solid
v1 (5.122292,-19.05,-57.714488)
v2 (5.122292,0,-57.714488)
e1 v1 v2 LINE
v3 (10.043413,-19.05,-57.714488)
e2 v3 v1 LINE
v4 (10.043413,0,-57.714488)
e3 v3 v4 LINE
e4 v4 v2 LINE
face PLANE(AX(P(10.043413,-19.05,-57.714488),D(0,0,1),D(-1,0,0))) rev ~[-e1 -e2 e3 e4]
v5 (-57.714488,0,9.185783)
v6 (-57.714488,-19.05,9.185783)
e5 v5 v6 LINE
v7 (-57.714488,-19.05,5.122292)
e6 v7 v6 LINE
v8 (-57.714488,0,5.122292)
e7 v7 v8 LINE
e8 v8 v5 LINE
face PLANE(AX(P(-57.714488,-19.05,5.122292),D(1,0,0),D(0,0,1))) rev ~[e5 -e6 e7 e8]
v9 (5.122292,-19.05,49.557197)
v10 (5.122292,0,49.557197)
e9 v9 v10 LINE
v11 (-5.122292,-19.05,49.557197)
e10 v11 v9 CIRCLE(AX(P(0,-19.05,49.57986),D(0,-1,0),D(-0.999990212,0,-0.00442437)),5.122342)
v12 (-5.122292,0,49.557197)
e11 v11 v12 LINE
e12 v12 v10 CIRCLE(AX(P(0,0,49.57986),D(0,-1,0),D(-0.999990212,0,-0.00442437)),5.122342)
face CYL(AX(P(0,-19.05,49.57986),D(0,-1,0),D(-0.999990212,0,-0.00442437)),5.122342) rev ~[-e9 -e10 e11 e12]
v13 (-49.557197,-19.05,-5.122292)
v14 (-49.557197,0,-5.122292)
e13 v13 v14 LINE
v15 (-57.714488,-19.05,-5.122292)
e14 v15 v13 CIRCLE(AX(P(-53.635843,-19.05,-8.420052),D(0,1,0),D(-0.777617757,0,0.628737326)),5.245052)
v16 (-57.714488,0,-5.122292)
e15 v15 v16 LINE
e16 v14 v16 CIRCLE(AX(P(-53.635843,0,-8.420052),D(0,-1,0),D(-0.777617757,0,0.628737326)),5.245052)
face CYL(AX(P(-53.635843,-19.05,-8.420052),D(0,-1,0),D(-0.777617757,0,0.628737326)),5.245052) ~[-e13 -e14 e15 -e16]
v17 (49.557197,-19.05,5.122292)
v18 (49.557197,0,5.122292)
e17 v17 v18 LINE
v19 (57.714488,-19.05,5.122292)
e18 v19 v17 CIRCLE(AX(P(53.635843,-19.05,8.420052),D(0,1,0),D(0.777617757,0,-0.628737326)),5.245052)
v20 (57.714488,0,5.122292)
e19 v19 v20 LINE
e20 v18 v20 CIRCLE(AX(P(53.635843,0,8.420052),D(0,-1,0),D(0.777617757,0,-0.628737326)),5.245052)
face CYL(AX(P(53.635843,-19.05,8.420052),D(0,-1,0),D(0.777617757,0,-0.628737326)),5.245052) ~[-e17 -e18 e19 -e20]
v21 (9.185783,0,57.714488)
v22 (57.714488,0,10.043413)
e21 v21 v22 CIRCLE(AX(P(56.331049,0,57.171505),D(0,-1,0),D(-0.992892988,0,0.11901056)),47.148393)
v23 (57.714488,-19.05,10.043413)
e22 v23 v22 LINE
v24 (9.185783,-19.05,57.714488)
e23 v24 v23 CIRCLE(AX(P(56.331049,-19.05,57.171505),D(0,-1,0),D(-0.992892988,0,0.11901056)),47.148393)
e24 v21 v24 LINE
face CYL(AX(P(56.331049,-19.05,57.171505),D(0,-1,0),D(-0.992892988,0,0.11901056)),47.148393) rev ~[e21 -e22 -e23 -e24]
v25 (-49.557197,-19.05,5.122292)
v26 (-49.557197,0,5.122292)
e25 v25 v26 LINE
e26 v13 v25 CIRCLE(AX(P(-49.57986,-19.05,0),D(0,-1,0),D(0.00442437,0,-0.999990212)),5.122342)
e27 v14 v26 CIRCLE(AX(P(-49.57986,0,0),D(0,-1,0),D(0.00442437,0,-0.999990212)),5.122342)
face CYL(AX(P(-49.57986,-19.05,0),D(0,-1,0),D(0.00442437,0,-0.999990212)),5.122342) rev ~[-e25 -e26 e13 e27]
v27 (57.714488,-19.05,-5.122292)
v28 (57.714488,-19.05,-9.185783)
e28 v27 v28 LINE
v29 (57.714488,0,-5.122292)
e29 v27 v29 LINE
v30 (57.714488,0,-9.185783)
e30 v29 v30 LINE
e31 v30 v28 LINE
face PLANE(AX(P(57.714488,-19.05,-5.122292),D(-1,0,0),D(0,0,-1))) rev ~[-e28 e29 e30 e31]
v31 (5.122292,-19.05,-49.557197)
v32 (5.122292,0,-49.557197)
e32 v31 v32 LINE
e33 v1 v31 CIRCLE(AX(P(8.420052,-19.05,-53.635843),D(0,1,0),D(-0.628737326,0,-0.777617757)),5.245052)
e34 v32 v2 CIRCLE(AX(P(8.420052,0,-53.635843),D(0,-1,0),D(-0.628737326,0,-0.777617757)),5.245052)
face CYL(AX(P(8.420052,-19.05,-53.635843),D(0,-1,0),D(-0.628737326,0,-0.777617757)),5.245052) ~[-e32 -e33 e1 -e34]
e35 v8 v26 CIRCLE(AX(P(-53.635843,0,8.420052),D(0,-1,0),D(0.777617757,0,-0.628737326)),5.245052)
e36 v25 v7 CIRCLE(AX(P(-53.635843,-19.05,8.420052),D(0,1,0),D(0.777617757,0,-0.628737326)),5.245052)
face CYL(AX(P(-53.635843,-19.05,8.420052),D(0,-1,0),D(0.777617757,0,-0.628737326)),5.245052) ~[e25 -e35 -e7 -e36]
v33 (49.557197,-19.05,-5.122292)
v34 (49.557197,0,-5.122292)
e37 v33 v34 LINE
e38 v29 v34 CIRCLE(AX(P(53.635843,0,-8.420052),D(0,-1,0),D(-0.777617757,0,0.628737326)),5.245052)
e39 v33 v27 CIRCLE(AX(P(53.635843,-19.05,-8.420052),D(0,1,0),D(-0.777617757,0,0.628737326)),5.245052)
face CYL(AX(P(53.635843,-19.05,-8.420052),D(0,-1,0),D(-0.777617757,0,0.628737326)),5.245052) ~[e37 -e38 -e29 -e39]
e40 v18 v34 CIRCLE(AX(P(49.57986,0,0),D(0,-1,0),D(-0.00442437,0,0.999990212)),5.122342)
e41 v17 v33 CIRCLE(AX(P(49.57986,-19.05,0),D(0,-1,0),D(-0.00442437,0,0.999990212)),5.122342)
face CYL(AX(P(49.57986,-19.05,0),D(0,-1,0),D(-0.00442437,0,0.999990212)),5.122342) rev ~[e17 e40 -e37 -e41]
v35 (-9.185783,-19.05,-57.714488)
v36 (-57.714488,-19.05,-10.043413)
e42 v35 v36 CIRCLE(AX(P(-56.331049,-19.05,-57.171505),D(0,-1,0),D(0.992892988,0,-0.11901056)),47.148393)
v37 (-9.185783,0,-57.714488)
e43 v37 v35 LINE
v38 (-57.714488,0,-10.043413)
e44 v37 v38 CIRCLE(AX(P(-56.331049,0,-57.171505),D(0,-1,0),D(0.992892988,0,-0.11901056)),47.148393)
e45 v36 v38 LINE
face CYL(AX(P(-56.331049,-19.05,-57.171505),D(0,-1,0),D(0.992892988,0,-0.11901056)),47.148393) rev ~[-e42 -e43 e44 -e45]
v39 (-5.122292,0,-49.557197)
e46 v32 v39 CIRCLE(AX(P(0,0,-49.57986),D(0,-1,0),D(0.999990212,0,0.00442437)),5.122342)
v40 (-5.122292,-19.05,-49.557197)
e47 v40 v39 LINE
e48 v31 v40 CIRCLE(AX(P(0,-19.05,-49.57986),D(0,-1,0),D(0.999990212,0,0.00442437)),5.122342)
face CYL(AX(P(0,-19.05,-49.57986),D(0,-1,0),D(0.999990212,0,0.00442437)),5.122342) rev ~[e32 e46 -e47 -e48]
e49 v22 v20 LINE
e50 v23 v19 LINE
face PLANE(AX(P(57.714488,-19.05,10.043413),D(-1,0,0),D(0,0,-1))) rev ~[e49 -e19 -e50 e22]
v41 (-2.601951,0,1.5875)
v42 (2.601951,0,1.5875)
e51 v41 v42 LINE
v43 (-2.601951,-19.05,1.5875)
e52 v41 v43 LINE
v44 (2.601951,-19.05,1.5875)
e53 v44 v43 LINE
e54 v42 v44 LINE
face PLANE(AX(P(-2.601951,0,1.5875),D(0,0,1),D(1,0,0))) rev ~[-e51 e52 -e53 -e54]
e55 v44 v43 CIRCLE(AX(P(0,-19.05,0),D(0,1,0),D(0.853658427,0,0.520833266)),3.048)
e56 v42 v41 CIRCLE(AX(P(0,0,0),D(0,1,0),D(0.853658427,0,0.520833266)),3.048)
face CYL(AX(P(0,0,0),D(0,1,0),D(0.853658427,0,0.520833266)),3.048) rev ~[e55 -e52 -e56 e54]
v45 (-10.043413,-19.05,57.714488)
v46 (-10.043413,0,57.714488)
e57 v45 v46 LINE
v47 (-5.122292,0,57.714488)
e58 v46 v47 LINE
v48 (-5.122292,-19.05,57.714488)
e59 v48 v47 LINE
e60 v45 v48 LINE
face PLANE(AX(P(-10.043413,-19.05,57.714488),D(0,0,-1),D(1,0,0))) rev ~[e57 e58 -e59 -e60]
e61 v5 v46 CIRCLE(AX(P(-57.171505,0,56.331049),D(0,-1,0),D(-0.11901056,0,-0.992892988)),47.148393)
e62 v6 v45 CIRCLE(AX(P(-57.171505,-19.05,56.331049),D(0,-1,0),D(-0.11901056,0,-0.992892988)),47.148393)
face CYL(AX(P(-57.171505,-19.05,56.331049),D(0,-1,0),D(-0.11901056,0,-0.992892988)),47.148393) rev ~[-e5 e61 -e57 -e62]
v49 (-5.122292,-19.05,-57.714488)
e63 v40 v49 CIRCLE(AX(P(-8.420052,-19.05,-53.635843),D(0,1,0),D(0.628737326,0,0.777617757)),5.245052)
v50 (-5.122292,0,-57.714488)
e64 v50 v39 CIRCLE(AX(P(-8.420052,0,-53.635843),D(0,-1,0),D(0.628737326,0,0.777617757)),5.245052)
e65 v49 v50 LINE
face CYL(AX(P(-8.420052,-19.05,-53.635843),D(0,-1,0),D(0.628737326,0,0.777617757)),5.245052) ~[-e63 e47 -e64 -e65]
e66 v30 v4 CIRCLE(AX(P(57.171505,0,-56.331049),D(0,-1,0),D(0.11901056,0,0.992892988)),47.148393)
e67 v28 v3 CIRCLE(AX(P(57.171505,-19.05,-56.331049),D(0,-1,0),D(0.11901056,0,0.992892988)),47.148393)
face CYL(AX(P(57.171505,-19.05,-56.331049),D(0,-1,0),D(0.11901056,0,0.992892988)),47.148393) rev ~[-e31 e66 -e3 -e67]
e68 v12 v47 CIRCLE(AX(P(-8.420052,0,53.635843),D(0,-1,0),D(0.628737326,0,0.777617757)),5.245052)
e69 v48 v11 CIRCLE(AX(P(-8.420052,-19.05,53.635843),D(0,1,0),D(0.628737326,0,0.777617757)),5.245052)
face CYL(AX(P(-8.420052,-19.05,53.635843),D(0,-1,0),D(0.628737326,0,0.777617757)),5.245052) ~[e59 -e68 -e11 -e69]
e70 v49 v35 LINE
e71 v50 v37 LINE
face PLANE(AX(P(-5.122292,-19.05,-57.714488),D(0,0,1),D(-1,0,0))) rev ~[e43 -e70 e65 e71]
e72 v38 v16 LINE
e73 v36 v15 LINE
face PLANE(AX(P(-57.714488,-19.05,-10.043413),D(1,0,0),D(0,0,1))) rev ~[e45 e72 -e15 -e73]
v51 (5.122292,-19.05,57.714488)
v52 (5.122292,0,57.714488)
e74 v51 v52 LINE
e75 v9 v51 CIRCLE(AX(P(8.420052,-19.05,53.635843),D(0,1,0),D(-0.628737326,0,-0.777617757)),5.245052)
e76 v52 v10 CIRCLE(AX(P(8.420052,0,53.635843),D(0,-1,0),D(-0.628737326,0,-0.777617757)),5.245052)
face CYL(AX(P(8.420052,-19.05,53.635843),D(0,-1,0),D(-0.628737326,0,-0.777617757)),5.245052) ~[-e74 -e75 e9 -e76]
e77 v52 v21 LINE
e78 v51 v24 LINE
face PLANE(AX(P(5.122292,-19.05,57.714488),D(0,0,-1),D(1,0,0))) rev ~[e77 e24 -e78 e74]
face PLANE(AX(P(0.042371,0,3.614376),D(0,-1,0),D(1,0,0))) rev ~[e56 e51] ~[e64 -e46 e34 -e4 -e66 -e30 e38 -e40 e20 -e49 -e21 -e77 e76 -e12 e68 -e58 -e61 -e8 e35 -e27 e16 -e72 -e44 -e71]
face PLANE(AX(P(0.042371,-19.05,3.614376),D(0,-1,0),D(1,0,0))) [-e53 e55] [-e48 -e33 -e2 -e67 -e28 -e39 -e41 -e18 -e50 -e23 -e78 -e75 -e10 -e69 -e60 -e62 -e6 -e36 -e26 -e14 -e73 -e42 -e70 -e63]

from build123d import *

# Parameters (mm, degrees)
F1_DEPTH = 19.05
F4_DEPTH = 19.051
F6_DEPTH = 19.051
F7_DEPTH = 19.051


with BuildPart() as f1:
    # F0 (on Front) → F1 (new body)
    with BuildSketch(Plane.XZ):
        with BuildLine():
            ThreePointArc((7.08977, 74.735215), (-4.612113, 72.936745), (-10.446423, 62.634833))
            ThreePointArc((-10.446423, 62.634833), (-45.232522, 44.567577), (-62.782662, 9.51774))
            ThreePointArc((-62.782662, 9.51774), (-63.498259, -0.470187), (-62.634833, -10.446423))
            ThreePointArc((-62.634833, -10.446423), (-44.567577, -45.232522), (-9.51774, -62.782662))
            ThreePointArc((-9.51774, -62.782662), (0.470187, -63.498259), (10.446423, -62.634833))
            ThreePointArc((10.446423, -62.634833), (45.232522, -44.567577), (62.782662, -9.51774))
            ThreePointArc((62.782662, -9.51774), (63.498259, 0.470187), (62.634833, 10.446423))
            ThreePointArc((62.634833, 10.446423), (44.567577, 45.232522), (9.51774, 62.782662))
            ThreePointArc((9.51774, 62.782662), (4.127105, 67.910519), (7.08977, 74.735215))
        make_face()
        with BuildLine():
            ThreePointArc((-62.634833, -10.446423), (-63.498259, -0.470187), (-62.782662, 9.51774))
            ThreePointArc((-62.782662, 9.51774), (-67.910519, 4.127105), (-74.735215, 7.08977))
            ThreePointArc((-74.735215, 7.08977), (-72.936745, -4.612113), (-62.634833, -10.446423))
        make_face()
        with BuildLine():
            ThreePointArc((74.735215, -7.08977), (72.936745, 4.612113), (62.634833, 10.446423))
            ThreePointArc((62.634833, 10.446423), (63.498259, 0.470187), (62.782662, -9.51774))
            ThreePointArc((62.782662, -9.51774), (67.910519, -4.127105), (74.735215, -7.08977))
        make_face()
        with BuildLine():
            ThreePointArc((10.446423, -62.634833), (0.470187, -63.498259), (-9.51774, -62.782662))
            ThreePointArc((-9.51774, -62.782662), (-4.127105, -67.910519), (-7.08977, -74.735215))
            ThreePointArc((-7.08977, -74.735215), (4.612113, -72.936745), (10.446423, -62.634833))
        make_face()
    extrude(amount=F1_DEPTH)

    # F3 (on face) → F4 (cut, through all)
    with BuildSketch(Plane.XZ.offset(19.05)):
        with BuildLine():
            Line((39.873943, 79.150751), (9.51774, 62.782662))
            ThreePointArc((9.51774, 62.782662), (23.239874, 23.586611), (62.634833, 10.446423))
            Line((62.634833, 10.446423), (86.088315, 35.227999))
            Line((86.088315, 35.227999), (39.873943, 79.150751))
        make_face()
        with BuildLine():
            Line((-79.150751, 39.873943), (-62.782662, 9.51774))
            ThreePointArc((-62.782662, 9.51774), (-23.586611, 23.239874), (-10.446423, 62.634833))
            Line((-10.446423, 62.634833), (-35.227999, 86.088315))
            Line((-35.227999, 86.088315), (-79.150751, 39.873943))
        make_face()
        with BuildLine():
            Line((-39.873943, -79.150751), (-9.51774, -62.782662))
            ThreePointArc((-9.51774, -62.782662), (-23.239874, -23.586611), (-62.634833, -10.446423))
            Line((-62.634833, -10.446423), (-86.088315, -35.227999))
            Line((-86.088315, -35.227999), (-39.873943, -79.150751))
        make_face()
        with BuildLine():
            Line((79.150751, -39.873943), (62.782662, -9.51774))
            ThreePointArc((62.782662, -9.51774), (23.586611, -23.239874), (10.446423, -62.634833))
            Line((10.446423, -62.634833), (35.227999, -86.088315))
            Line((35.227999, -86.088315), (79.150751, -39.873943))
        make_face()
    extrude(amount=-F4_DEPTH, mode=Mode.SUBTRACT)

    # F5 (on face) → F6 (cut, through all)
    with BuildSketch(Plane.XZ.offset(19.05)):
        with BuildLine():
            ThreePointArc((-5.122292, 49.557197), (0, 44.457518), (5.122292, 49.557197))
            ThreePointArc((5.122292, 49.557197), (3.175, 53.635843), (5.122292, 57.714488))
            Line((5.122292, 57.714488), (9.185783, 57.714488))
            ThreePointArc((9.185783, 57.714488), (9.283466, 60.253048), (9.51774, 62.782662))
            ThreePointArc((9.51774, 62.782662), (4.127105, 67.910519), (7.08977, 74.735215))
            ThreePointArc((7.08977, 74.735215), (-4.612113, 72.936745), (-10.446423, 62.634833))
            ThreePointArc((-10.446423, 62.634833), (-10.180474, 60.179939), (-10.043413, 57.714488))
            Line((-10.043413, 57.714488), (-5.122292, 57.714488))
            ThreePointArc((-5.122292, 57.714488), (-3.175, 53.635843), (-5.122292, 49.557197))
        make_face()
        with BuildLine():
            Line((-57.714488, 5.122292), (-57.714488, 9.185783))
            ThreePointArc((-57.714488, 9.185783), (-60.253048, 9.283466), (-62.782662, 9.51774))
            ThreePointArc((-62.782662, 9.51774), (-67.910519, 4.127105), (-74.735215, 7.08977))
            ThreePointArc((-74.735215, 7.08977), (-72.936745, -4.612113), (-62.634833, -10.446423))
            ThreePointArc((-62.634833, -10.446423), (-60.179939, -10.180474), (-57.714488, -10.043413))
            Line((-57.714488, -10.043413), (-57.714488, -5.122292))
            ThreePointArc((-57.714488, -5.122292), (-53.635843, -3.175), (-49.557197, -5.122292))
            ThreePointArc((-49.557197, -5.122292), (-44.457518, 0), (-49.557197, 5.122292))
            ThreePointArc((-49.557197, 5.122292), (-53.635843, 3.175), (-57.714488, 5.122292))
        make_face()
        with BuildLine():
            ThreePointArc((10.446423, -62.634833), (10.180474, -60.179939), (10.043413, -57.714488))
            Line((10.043413, -57.714488), (5.122292, -57.714488))
            ThreePointArc((5.122292, -57.714488), (3.175, -53.635843), (5.122292, -49.557197))
            ThreePointArc((5.122292, -49.557197), (0, -44.457518), (-5.122292, -49.557197))
            ThreePointArc((-5.122292, -49.557197), (-3.175, -53.635843), (-5.122292, -57.714488))
            Line((-5.122292, -57.714488), (-9.185783, -57.714488))
            ThreePointArc((-9.185783, -57.714488), (-9.283466, -60.253048), (-9.51774, -62.782662))
            ThreePointArc((-9.51774, -62.782662), (-4.127105, -67.910519), (-7.08977, -74.735215))
            ThreePointArc((-7.08977, -74.735215), (4.612113, -72.936745), (10.446423, -62.634833))
        make_face()
        with BuildLine():
            ThreePointArc((62.634833, 10.446423), (60.179939, 10.180474), (57.714488, 10.043413))
            Line((57.714488, 10.043413), (57.714488, 5.122292))
            ThreePointArc((57.714488, 5.122292), (53.635843, 3.175), (49.557197, 5.122292))
            ThreePointArc((49.557197, 5.122292), (44.457518, 0), (49.557197, -5.122292))
            ThreePointArc((49.557197, -5.122292), (53.635843, -3.175), (57.714488, -5.122292))
            Line((57.714488, -5.122292), (57.714488, -9.185783))
            ThreePointArc((57.714488, -9.185783), (60.253048, -9.283466), (62.782662, -9.51774))
            ThreePointArc((62.782662, -9.51774), (67.910519, -4.127105), (74.735215, -7.08977))
            ThreePointArc((74.735215, -7.08977), (72.936745, 4.612113), (62.634833, 10.446423))
        make_face()
    extrude(amount=-F6_DEPTH, mode=Mode.SUBTRACT)

    # F2 (on face) → F7 (cut, through all)
    with BuildSketch(Plane(origin=(0, 0, 0), x_dir=(-1, 0, 0), z_dir=(0, 1, 0))):
        with BuildLine():
            Line((-1.5875, 1.5875), (-2.601951, 1.5875))
            ThreePointArc((-2.601951, 1.5875), (0, -3.048), (2.601951, 1.5875))
            Line((2.601951, 1.5875), (-1.5875, 1.5875))
        make_face()
    extrude(amount=-F7_DEPTH, mode=Mode.SUBTRACT)


solid = f1.part
